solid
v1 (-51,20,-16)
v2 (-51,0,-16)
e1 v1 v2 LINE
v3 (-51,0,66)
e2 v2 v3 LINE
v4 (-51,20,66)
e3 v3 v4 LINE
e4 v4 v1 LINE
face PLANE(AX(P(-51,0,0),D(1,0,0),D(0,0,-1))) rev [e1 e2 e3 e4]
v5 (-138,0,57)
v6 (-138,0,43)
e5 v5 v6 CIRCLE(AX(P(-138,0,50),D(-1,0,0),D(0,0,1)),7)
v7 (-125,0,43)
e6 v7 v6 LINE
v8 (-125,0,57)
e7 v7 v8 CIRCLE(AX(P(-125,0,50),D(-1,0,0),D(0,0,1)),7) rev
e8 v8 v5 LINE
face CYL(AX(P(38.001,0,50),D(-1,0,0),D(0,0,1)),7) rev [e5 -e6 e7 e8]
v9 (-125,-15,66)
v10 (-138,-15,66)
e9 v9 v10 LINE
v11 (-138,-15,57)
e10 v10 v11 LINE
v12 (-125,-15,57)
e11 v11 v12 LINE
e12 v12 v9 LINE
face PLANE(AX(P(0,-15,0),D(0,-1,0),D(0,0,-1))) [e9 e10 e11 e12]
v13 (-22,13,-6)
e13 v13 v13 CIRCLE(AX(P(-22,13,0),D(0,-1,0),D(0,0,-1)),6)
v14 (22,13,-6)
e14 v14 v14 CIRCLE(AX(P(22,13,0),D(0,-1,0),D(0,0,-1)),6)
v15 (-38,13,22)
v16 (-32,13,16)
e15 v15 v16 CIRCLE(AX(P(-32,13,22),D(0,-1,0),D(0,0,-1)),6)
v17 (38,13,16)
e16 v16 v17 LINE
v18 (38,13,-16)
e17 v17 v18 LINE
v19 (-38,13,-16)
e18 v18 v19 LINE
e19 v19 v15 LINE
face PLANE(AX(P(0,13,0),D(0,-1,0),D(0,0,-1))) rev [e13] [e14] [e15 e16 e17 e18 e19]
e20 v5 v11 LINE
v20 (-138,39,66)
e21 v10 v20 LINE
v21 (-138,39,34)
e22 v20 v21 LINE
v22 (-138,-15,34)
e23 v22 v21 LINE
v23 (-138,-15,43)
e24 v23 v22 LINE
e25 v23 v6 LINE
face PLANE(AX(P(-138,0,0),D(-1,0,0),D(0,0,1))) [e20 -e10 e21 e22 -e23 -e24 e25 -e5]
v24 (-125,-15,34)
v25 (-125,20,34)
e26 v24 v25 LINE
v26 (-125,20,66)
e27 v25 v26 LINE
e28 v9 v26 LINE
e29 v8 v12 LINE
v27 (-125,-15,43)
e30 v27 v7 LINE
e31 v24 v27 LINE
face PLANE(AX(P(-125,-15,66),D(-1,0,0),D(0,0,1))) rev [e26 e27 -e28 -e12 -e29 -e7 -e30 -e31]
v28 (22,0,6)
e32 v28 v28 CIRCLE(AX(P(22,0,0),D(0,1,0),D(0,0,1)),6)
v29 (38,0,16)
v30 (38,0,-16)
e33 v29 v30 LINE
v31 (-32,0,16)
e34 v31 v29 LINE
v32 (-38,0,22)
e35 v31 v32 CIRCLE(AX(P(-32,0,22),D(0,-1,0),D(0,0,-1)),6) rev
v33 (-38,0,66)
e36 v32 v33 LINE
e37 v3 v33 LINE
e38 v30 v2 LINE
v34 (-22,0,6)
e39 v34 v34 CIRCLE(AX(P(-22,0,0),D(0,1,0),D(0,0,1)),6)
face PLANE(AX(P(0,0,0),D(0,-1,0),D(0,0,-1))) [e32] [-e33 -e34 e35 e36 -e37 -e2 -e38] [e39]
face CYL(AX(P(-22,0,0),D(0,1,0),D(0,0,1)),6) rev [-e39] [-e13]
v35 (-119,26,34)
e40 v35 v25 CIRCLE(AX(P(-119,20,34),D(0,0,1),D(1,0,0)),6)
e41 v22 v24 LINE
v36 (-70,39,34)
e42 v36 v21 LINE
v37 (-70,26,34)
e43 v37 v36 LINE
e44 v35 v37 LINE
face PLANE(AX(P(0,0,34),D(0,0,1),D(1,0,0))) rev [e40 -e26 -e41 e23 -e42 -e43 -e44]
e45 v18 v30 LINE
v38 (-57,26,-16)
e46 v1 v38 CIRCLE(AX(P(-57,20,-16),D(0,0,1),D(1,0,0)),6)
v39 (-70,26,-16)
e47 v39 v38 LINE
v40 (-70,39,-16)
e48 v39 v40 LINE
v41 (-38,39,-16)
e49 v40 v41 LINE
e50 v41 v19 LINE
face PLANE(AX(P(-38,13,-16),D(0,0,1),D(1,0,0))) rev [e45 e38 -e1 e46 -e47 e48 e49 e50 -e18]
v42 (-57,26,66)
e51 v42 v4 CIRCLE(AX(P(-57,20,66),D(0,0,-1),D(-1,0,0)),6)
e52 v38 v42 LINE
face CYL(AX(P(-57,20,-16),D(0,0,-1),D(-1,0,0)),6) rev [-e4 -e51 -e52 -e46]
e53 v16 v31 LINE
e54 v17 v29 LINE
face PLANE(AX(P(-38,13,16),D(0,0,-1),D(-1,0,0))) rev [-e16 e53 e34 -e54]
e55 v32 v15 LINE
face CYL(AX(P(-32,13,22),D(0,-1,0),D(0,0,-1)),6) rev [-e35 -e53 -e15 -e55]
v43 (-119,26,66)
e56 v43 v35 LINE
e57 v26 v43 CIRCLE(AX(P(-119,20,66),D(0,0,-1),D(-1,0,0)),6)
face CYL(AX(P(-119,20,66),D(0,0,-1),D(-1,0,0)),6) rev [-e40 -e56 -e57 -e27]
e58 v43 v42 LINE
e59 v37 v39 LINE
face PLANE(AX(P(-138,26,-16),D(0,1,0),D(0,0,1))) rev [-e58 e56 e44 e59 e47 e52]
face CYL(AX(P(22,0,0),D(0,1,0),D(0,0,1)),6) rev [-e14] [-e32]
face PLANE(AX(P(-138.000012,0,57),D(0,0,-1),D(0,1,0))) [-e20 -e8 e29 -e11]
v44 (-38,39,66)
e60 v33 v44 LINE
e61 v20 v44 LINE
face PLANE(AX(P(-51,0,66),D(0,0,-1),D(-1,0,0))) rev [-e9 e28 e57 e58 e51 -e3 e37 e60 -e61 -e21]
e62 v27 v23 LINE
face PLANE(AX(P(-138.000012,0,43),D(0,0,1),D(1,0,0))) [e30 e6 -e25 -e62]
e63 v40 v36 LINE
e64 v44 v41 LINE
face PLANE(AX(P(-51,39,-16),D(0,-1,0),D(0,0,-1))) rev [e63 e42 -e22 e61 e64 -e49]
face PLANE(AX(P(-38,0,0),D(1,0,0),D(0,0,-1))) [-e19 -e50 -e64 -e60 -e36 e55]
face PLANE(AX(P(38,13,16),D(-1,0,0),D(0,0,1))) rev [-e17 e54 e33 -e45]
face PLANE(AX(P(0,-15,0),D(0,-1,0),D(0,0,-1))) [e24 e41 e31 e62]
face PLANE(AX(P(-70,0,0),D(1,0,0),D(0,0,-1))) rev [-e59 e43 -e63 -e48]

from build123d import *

# Parameters (mm, degrees)
SKETCH1_W                      = 76
SKETCH1_H                      = 32
BOSS_EXTRUDE1_DEPTH            = 13
SKETCH2_R                      = 6
CUT_EXTRUDE1_DEPTH             = 1
CUT_EXTRUDE1_DEPTH_BACK        = 14
SKETCH3_W                      = 82
SKETCH3_H                      = 39
BOSS_EXTRUDE2_DEPTH            = 13
SKETCH4_W                      = 82
SKETCH4_H                      = 13
BOSS_EXTRUDE3_DEPTH            = 87
SKETCH5_W                      = 68
SKETCH5_H                      = 50
CUT_EXTRUDE2_DEPTH             = 1
CUT_EXTRUDE2_DEPTH_BACK        = 40
SKETCH6_W                      = 13
SKETCH6_H                      = 32
BOSS_EXTRUDE4_DEPTH            = 41
FILLET1_R                      = 6
CUT_EXTRUDE3_REACH             = 178
CUT_EXTRUDE3_DIRECTION_2_DEPTH = 1


with BuildPart() as part:
    # Sketch1 → Boss-Extrude1 (new body)
    with BuildSketch(Plane(origin=(0, 0, 0), x_dir=(1, 0, 0), z_dir=(0, 1, 0))):
        Rectangle(SKETCH1_W, SKETCH1_H)
    extrude(amount=BOSS_EXTRUDE1_DEPTH)

    # Sketch2 → Cut-Extrude1 (cut, two sides)
    with BuildSketch(Plane(origin=(0, 13, 0), x_dir=(1, 0, 0), z_dir=(0, 1, 0))) as cut_extrude1_sk:
        with Locations((-22, 0)):
            Circle(SKETCH2_R)
        with Locations((22, 0)):
            Circle(SKETCH2_R)
    extrude(amount=CUT_EXTRUDE1_DEPTH, mode=Mode.SUBTRACT)
    extrude(cut_extrude1_sk.sketch, amount=-CUT_EXTRUDE1_DEPTH_BACK, mode=Mode.SUBTRACT)

    # Sketch3 → Boss-Extrude2 (add)
    with BuildSketch(Plane.ZY.offset(38)):
        with Locations((25, 19.5)):
            Rectangle(SKETCH3_W, SKETCH3_H)
    extrude(amount=BOSS_EXTRUDE2_DEPTH)

    # Sketch4 → Boss-Extrude3 (add)
    with BuildSketch(Plane.ZY.offset(51)):
        with Locations((25, 32.5)):
            Rectangle(SKETCH4_W, SKETCH4_H)
    extrude(amount=BOSS_EXTRUDE3_DEPTH)

    # Sketch5 → Cut-Extrude2 (cut, two sides)
    with BuildSketch(Plane(origin=(0, 39, 0), x_dir=(1, 0, 0), z_dir=(0, 1, 0))) as cut_extrude2_sk:
        with Locations((-104, -9)):
            Rectangle(SKETCH5_W, SKETCH5_H)
    extrude(amount=CUT_EXTRUDE2_DEPTH, mode=Mode.SUBTRACT)
    extrude(cut_extrude2_sk.sketch, amount=-CUT_EXTRUDE2_DEPTH_BACK, mode=Mode.SUBTRACT)

    # Sketch6 → Boss-Extrude4 (add)
    with BuildSketch(Plane.XZ.offset(-26)):
        with Locations((-131.5, 50)):
            Rectangle(SKETCH6_W, SKETCH6_H)
    extrude(amount=BOSS_EXTRUDE4_DEPTH)

    # Fillet1
    fillet1_edges = [part.edges().sort_by_distance(p)[0] for p in [
        (-51, 26, 25),
        (-38, 6.5, 16),
        (-125, 26, 50),
    ]]
    fillet(fillet1_edges, radius=FILLET1_R)

    # Sketch7 → Cut-Extrude3 (cut, up to next)
    with BuildSketch(Plane.ZY.offset(138), mode=Mode.PRIVATE) as cut_extrude3_sk1:
        with BuildLine():
            Line((43, 0), (43, -15))
            Line((43, -15), (57, -15))
            Line((57, -15), (57, 0))
            ThreePointArc((57, 0), (50, 7), (43, 0))
        make_face()
    cut_extrude3_tool1 = extrude(cut_extrude3_sk1.sketch, amount=-CUT_EXTRUDE3_REACH, mode=Mode.PRIVATE) & part.part
    add(cut_extrude3_tool1.solids().sort_by_distance((-138, -4.691563, 50))[0], mode=Mode.SUBTRACT)

    # Sketch7 → Cut-Extrude3 direction 2 (cut)
    with BuildSketch(Plane.ZY.offset(138)):
        with BuildLine():
            Line((43, 0), (43, -15))
            Line((43, -15), (57, -15))
            Line((57, -15), (57, 0))
            ThreePointArc((57, 0), (50, 7), (43, 0))
        make_face()
    extrude(amount=CUT_EXTRUDE3_DIRECTION_2_DEPTH, mode=Mode.SUBTRACT)


solid = part.part
